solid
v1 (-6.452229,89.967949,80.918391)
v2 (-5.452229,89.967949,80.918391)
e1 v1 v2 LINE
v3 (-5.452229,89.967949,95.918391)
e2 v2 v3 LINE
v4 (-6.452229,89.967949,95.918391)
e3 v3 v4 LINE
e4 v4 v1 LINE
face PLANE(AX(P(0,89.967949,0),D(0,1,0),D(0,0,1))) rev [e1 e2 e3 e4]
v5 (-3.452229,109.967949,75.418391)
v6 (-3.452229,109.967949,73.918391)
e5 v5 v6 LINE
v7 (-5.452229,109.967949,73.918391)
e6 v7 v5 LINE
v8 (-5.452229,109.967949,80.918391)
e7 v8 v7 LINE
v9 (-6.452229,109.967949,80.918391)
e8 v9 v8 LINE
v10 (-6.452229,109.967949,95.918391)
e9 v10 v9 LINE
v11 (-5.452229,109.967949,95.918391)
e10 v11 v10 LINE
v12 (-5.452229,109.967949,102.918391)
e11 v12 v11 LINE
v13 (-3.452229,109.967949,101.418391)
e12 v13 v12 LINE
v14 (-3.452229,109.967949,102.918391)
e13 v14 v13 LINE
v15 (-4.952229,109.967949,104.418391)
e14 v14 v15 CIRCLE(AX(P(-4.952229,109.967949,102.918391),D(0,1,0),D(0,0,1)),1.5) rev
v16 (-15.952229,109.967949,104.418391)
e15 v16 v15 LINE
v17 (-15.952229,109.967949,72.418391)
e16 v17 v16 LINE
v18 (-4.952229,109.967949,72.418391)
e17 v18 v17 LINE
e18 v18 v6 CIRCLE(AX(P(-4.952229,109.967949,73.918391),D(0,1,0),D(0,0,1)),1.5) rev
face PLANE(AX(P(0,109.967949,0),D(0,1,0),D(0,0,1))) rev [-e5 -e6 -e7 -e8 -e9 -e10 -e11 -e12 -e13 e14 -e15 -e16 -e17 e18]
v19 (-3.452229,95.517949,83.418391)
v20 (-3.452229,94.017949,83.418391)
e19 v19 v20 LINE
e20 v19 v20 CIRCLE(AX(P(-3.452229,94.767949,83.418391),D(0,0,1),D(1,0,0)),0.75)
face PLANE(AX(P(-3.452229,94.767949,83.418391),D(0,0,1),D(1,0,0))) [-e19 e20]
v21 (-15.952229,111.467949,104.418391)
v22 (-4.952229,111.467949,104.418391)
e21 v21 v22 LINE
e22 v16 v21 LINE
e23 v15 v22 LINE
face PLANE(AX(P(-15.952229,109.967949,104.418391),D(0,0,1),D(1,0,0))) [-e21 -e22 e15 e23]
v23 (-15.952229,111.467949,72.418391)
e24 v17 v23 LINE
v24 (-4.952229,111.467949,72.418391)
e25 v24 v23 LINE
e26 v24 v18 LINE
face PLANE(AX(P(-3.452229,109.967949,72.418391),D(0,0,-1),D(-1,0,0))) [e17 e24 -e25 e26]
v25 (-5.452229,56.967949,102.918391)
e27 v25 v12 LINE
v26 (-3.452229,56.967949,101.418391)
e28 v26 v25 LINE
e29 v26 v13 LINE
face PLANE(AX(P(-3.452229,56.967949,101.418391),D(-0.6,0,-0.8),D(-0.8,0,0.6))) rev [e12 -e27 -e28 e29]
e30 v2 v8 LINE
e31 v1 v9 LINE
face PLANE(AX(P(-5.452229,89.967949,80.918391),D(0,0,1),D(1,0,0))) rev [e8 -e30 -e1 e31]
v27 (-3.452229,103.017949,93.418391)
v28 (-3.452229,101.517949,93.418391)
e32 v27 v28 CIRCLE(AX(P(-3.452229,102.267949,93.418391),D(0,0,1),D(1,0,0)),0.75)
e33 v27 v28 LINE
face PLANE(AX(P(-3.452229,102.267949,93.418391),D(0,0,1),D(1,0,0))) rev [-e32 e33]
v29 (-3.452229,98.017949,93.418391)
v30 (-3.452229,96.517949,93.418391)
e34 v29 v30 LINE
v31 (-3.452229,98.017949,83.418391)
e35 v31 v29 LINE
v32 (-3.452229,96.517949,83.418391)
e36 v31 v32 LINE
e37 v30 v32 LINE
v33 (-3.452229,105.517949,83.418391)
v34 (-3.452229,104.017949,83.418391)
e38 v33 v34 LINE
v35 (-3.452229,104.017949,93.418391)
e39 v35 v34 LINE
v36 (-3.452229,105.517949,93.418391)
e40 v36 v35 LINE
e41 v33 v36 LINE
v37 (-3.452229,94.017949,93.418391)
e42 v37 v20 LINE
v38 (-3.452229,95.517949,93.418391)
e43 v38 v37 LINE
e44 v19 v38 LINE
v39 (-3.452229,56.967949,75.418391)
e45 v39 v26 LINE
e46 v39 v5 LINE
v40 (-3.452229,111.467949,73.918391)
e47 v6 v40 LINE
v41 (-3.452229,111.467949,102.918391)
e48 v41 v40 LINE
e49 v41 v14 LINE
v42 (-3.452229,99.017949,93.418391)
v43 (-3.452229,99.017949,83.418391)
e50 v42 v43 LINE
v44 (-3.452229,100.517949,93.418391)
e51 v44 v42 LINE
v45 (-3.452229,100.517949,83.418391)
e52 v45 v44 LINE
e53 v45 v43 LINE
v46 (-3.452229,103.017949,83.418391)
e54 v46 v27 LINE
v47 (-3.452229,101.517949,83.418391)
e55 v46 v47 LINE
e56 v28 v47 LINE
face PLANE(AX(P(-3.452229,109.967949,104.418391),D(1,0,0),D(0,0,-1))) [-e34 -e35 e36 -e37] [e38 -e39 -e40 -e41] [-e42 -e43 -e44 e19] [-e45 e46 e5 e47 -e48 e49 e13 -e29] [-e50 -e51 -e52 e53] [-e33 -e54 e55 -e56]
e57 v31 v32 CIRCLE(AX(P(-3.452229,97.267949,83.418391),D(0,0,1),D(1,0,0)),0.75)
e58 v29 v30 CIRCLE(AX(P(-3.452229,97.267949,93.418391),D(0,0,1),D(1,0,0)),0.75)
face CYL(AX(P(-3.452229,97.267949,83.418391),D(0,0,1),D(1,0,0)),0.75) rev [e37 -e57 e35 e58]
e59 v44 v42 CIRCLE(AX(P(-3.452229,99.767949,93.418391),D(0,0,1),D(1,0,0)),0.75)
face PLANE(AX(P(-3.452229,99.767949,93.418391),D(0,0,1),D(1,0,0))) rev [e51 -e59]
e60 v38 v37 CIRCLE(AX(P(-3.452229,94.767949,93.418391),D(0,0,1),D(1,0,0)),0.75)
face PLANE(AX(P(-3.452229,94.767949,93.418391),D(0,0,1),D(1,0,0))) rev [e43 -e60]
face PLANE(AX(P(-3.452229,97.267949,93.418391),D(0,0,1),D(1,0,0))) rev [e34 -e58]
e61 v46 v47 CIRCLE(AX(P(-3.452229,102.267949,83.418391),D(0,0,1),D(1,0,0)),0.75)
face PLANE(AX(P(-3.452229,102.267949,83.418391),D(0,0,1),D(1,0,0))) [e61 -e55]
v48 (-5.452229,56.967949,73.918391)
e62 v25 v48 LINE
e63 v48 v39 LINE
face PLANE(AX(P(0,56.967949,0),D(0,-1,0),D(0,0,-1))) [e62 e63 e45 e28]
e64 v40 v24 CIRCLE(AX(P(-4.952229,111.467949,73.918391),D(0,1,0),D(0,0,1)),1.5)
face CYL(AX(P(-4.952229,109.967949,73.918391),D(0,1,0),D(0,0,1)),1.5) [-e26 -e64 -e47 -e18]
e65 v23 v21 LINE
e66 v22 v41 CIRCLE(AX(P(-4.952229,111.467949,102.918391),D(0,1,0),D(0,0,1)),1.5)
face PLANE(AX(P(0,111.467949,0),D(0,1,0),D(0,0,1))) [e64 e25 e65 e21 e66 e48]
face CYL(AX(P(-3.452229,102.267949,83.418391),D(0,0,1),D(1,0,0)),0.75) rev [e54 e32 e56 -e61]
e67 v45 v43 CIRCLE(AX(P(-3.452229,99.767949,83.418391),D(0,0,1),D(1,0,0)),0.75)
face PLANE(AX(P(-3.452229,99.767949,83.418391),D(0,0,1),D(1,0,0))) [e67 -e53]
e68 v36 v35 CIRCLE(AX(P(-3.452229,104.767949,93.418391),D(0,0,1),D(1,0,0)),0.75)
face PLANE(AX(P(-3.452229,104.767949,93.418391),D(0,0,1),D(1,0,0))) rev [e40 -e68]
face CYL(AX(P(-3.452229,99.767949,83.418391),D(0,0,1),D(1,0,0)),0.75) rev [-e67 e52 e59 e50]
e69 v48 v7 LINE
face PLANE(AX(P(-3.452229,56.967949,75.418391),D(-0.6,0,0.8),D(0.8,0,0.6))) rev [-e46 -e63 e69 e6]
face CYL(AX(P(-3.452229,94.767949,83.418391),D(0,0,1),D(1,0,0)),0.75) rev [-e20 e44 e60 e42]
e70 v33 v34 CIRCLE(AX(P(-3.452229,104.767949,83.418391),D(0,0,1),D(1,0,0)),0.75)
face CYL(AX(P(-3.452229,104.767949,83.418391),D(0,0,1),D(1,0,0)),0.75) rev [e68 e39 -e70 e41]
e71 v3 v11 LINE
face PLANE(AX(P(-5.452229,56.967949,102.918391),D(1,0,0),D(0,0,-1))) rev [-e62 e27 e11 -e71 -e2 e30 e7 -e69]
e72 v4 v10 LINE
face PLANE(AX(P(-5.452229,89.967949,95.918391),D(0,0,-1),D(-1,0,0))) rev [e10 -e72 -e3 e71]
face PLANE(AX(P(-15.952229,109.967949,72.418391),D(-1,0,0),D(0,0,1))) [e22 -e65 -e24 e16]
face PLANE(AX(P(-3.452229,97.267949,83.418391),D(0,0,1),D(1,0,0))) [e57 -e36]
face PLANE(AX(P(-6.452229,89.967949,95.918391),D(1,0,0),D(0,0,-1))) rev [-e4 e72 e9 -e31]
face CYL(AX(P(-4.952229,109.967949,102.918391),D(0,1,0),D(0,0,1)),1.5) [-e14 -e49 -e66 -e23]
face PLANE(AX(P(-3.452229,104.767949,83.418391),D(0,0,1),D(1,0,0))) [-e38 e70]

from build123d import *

# Parameters (mm, degrees)
CROQUIS1_W              = 12.5
CROQUIS1_H              = 32
SALIENTE_EXTRUIR1_DEPTH = 1.5
SALIENTE_EXTRUIR2_DEPTH = 53
CROQUIS5_W              = 1
CROQUIS5_H              = 15
SALIENTE_EXTRUIR4_DEPTH = 20
CROQUIS4_R              = 0.75
CORTAR_EXTRUIR1_DEPTH   = 5
REDONDEO1_R             = 1.5


with BuildPart() as part:
    # Croquis1 → Saliente-Extruir1 (new body)
    with BuildSketch(Plane(origin=(0, 111.467949425, 0), x_dir=(1, 0, 0), z_dir=(0, 1, 0))):
        with Locations((-9.702229413, -88.418391236)):
            Rectangle(CROQUIS1_W, CROQUIS1_H)
    extrude(amount=-SALIENTE_EXTRUIR1_DEPTH)

    # Croquis2 → Saliente-Extruir2 (add)
    with BuildSketch(Plane.XZ.offset(-109.967949425)):
        Polygon((-3.452229413, 101.418391236), (-5.452229413, 102.918391236), (-5.452229413, 73.918391236), (-3.452229413, 75.418391236), align=None)
    extrude(amount=SALIENTE_EXTRUIR2_DEPTH)

    # Croquis5 → Saliente-Extruir4 (add)
    with BuildSketch(Plane.XZ.offset(-109.967949425)):
        with Locations((-5.952229413, 88.418391236)):
            Rectangle(CROQUIS5_W, CROQUIS5_H)
    extrude(amount=SALIENTE_EXTRUIR4_DEPTH)

    # Croquis4 → Cortar-Extruir1 (cut, symmetric)
    with BuildSketch(Plane(origin=(0, 0, 88.418391236), x_dir=(0, -1, 0), z_dir=(0, 0, 1))):
        with Locations((-104.767949425, -3.452229413)):
            Circle(CROQUIS4_R)
        with Locations((-102.267949425, -3.452229413)):
            Circle(CROQUIS4_R)
        with Locations((-99.767949425, -3.452229413)):
            Circle(CROQUIS4_R)
        with Locations((-97.267949425, -3.452229413)):
            Circle(CROQUIS4_R)
        with Locations((-94.767949425, -3.452229413)):
            Circle(CROQUIS4_R)
    extrude(amount=CORTAR_EXTRUIR1_DEPTH, both=True, mode=Mode.SUBTRACT)

    # Redondeo1
    redondeo1_edges = [part.edges().sort_by_distance(p)[0] for p in [
        (-3.452229413, 110.717949425, 72.418391236),
        (-3.452229413, 110.717949425, 104.418391236),
    ]]
    fillet(redondeo1_edges, radius=REDONDEO1_R)


solid = part.part
